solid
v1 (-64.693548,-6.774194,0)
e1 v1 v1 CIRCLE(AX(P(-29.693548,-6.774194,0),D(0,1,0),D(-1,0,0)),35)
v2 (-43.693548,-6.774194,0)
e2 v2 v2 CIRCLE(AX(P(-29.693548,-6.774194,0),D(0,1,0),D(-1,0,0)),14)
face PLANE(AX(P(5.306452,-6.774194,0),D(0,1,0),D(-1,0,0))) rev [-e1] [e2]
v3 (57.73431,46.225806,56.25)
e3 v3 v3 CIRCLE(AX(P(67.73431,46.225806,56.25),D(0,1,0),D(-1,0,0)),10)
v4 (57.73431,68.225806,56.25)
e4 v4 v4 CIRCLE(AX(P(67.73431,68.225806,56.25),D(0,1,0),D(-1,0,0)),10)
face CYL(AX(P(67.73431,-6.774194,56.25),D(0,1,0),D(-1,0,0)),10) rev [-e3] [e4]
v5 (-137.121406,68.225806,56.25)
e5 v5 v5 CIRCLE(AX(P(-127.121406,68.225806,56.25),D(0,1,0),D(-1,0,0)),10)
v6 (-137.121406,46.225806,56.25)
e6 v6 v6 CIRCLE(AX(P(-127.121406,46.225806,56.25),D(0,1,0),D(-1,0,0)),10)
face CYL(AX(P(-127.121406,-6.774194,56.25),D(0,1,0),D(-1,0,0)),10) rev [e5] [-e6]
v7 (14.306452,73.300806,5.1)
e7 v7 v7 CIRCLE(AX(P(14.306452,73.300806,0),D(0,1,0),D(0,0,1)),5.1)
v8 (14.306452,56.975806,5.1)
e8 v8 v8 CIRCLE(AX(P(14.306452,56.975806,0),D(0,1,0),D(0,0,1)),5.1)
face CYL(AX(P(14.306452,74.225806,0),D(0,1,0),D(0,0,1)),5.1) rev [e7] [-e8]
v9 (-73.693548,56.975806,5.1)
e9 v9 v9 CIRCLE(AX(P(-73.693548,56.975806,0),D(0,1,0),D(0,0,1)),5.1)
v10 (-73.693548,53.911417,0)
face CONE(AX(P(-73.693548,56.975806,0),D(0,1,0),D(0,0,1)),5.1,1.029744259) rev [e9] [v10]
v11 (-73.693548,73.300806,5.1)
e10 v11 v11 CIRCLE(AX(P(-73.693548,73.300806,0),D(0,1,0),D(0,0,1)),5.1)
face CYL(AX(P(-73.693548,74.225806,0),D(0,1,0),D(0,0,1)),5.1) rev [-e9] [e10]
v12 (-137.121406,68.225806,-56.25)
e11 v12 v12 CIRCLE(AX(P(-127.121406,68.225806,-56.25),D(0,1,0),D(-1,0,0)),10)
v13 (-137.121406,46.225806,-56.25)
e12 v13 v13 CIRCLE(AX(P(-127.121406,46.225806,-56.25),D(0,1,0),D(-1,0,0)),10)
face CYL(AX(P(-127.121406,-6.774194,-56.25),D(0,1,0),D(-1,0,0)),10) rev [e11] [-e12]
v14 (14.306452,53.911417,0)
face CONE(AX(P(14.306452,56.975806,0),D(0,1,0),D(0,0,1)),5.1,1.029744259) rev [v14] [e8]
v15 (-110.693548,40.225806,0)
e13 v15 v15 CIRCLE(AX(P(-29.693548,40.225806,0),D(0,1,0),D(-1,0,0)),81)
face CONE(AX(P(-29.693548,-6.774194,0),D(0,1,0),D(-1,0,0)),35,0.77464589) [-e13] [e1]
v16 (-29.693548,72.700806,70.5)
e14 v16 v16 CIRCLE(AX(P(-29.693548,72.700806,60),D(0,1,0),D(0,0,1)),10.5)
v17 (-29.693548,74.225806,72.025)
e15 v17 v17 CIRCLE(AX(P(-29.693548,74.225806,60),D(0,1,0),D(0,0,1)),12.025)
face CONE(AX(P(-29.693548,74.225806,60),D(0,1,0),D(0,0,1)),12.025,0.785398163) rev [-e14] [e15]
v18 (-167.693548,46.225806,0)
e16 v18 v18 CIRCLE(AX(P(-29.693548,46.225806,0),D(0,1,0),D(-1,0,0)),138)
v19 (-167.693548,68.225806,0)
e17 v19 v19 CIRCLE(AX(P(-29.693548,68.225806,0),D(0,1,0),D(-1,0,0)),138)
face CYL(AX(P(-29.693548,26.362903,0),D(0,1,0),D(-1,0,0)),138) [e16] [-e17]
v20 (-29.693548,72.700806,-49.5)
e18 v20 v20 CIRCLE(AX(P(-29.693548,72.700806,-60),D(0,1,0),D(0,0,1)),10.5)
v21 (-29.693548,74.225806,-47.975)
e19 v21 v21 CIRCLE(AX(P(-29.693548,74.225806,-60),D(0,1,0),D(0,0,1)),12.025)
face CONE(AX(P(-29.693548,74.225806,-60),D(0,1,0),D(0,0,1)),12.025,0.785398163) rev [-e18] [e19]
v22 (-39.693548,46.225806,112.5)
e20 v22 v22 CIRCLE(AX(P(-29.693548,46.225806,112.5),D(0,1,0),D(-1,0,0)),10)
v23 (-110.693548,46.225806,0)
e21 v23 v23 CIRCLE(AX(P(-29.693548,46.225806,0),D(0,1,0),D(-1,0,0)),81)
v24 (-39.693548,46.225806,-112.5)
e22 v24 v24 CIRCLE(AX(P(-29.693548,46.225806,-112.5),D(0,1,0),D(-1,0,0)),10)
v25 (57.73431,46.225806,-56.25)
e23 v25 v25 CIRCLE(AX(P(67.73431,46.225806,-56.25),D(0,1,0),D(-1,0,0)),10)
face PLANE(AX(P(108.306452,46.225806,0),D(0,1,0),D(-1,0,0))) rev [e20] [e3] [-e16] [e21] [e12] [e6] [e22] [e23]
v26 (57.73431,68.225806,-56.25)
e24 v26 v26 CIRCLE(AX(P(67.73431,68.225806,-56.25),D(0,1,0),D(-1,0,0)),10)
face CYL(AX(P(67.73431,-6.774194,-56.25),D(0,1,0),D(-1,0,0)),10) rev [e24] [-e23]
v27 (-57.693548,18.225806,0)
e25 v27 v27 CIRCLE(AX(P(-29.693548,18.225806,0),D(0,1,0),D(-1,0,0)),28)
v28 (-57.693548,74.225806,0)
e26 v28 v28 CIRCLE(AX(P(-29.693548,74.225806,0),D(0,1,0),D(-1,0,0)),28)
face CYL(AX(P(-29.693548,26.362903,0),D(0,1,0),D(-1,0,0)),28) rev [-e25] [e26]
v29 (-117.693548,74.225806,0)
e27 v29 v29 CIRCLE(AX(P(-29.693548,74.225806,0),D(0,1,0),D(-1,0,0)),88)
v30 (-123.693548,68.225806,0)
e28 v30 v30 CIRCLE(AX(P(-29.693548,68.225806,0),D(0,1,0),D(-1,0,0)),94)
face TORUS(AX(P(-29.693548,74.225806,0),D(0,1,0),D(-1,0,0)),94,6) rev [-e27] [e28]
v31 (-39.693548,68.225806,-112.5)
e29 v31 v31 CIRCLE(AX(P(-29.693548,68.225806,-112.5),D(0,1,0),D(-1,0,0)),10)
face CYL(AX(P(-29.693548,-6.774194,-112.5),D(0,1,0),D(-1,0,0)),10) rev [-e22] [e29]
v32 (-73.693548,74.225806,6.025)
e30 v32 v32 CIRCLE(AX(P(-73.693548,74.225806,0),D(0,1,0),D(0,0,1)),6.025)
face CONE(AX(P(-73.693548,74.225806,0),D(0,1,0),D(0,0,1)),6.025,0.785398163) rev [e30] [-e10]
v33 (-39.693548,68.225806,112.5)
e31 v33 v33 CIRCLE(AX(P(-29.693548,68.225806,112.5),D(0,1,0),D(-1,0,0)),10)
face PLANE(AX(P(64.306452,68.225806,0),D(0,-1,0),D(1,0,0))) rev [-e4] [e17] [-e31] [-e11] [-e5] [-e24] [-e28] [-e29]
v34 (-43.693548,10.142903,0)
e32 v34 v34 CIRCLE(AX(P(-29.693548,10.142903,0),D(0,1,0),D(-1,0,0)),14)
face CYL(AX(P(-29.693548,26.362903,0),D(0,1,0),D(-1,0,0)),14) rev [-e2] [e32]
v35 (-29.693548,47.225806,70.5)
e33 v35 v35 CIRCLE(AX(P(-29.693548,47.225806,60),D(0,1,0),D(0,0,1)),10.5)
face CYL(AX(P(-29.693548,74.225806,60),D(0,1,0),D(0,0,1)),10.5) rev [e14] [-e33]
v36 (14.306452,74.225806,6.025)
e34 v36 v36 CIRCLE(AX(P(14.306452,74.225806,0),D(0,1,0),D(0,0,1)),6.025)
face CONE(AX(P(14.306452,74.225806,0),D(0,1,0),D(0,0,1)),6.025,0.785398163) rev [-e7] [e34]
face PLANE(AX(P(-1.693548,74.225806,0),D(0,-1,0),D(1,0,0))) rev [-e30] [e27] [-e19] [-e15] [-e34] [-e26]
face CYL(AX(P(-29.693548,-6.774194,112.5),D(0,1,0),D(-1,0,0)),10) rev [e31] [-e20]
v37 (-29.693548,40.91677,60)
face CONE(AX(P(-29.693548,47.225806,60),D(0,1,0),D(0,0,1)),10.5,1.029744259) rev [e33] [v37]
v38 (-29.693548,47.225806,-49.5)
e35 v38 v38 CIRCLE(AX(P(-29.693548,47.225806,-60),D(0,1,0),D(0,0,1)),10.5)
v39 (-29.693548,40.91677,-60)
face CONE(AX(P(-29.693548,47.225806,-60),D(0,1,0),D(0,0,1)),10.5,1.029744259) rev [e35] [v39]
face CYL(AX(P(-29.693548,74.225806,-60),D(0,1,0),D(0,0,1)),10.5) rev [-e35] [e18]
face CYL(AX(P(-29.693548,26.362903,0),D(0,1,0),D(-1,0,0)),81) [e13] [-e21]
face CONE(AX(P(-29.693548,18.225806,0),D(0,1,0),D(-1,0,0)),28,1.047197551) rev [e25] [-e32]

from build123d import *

# Parameters (mm, degrees)
SKETCH2_R                    = 10
CUT_EXTRUDE1_DEPTH           = 230.761019694
M24_TAPPED_HOLE1_D           = 21
M24_TAPPED_HOLE1_DEPTH       = 27
M24_TAPPED_HOLE1_CSINK_D     = 24.05
M24_TAPPED_HOLE1_CSINK_ANGLE = 90
M24_TAPPED_HOLE1_TIP         = 6.3090365
M12_TAPPED_HOLE1_D           = 10.2
M12_TAPPED_HOLE1_DEPTH       = 17.25
M12_TAPPED_HOLE1_CSINK_D     = 12.05
M12_TAPPED_HOLE1_CSINK_ANGLE = 90
M12_TAPPED_HOLE1_TIP         = 3.064389157


with BuildPart() as part:
    # Sketch1 → Revolve1 (revolve)
    with BuildSketch(Plane.XY, mode=Mode.PRIVATE) as revolve1_sk:
        with BuildLine():
            Line((5.306451613, -6.774193548), (-15.693548387, -6.774193548))
            Line((-15.693548387, -6.774193548), (-15.693548387, 10.142902683))
            Line((-15.693548387, 10.142902683), (-1.693548387, 18.225806452))
            Line((-1.693548387, 18.225806452), (-1.693548387, 74.225806452))
            Line((-1.693548387, 74.225806452), (58.306451613, 74.225806452))
            ThreePointArc((58.306451613, 74.225806452), (60.063810926, 69.983165764), (64.306451613, 68.225806452))
            Line((64.306451613, 68.225806452), (108.306451613, 68.225806452))
            Line((108.306451613, 68.225806452), (108.306451613, 46.225806452))
            Line((108.306451613, 46.225806452), (51.306451613, 46.225806452))
            Line((51.306451613, 46.225806452), (51.306451613, 40.225806452))
            Line((51.306451613, 40.225806452), (5.306451613, -6.774193548))
        make_face()
    revolve(revolve1_sk.sketch.rotate(Axis((-29.693548387, 26.362903226, 0), (0, -1, 0)), 180), axis=Axis((-29.693548387, 26.362903226, 0), (0, -1, 0)))

    # Sketch2 → Cut-Extrude1 (cut, through all)
    with BuildSketch(Plane(origin=(0, 68.225806452, 0), x_dir=(1, 0, 0), z_dir=(0, 1, 0))):
        with Locations(Location((-29.693548387, 112.5, 0), (0, 0, 180))):
            Circle(SKETCH2_R)
        with Locations(Location((67.734309539, 56.25, 0), (0, 0, 180))):
            Circle(SKETCH2_R)
        with Locations(Location((67.734309539, -56.25, 0), (0, 0, 180))):
            Circle(SKETCH2_R)
        with Locations(Location((-29.693548387, -112.5, 0), (0, 0, 180))):
            Circle(SKETCH2_R)
        with Locations(Location((-127.121406313, -56.25, 0), (0, 0, 180))):
            Circle(SKETCH2_R)
        with Locations(Location((-127.121406313, 56.25, 0), (0, 0, 180))):
            Circle(SKETCH2_R)
    extrude(amount=-CUT_EXTRUDE1_DEPTH, mode=Mode.SUBTRACT)

    # M24 Tapped Hole1
    with Locations(Plane(origin=(0, 74.225806452, 0), x_dir=(1, 0, 0), z_dir=(0, 1, 0))):
        with Locations((-29.693548387, 60), (-29.693548387, -60)):
            CounterSinkHole(M24_TAPPED_HOLE1_D / 2, M24_TAPPED_HOLE1_CSINK_D / 2, depth=M24_TAPPED_HOLE1_DEPTH, counter_sink_angle=M24_TAPPED_HOLE1_CSINK_ANGLE)
            with Locations((0, 0, -(M24_TAPPED_HOLE1_DEPTH + M24_TAPPED_HOLE1_TIP / 2))):  # 118° drill point
                Cone(0, M24_TAPPED_HOLE1_D / 2, M24_TAPPED_HOLE1_TIP, mode=Mode.SUBTRACT)

    # M12 Tapped Hole1
    with Locations(Plane(origin=(0, 74.225806452, 0), x_dir=(1, 0, 0), z_dir=(0, 1, 0))):
        with Locations((14.306451613, 0), (-73.693548387, 0)):
            CounterSinkHole(M12_TAPPED_HOLE1_D / 2, M12_TAPPED_HOLE1_CSINK_D / 2, depth=M12_TAPPED_HOLE1_DEPTH, counter_sink_angle=M12_TAPPED_HOLE1_CSINK_ANGLE)
            with Locations((0, 0, -(M12_TAPPED_HOLE1_DEPTH + M12_TAPPED_HOLE1_TIP / 2))):  # 118° drill point
                Cone(0, M12_TAPPED_HOLE1_D / 2, M12_TAPPED_HOLE1_TIP, mode=Mode.SUBTRACT)


solid = part.part
